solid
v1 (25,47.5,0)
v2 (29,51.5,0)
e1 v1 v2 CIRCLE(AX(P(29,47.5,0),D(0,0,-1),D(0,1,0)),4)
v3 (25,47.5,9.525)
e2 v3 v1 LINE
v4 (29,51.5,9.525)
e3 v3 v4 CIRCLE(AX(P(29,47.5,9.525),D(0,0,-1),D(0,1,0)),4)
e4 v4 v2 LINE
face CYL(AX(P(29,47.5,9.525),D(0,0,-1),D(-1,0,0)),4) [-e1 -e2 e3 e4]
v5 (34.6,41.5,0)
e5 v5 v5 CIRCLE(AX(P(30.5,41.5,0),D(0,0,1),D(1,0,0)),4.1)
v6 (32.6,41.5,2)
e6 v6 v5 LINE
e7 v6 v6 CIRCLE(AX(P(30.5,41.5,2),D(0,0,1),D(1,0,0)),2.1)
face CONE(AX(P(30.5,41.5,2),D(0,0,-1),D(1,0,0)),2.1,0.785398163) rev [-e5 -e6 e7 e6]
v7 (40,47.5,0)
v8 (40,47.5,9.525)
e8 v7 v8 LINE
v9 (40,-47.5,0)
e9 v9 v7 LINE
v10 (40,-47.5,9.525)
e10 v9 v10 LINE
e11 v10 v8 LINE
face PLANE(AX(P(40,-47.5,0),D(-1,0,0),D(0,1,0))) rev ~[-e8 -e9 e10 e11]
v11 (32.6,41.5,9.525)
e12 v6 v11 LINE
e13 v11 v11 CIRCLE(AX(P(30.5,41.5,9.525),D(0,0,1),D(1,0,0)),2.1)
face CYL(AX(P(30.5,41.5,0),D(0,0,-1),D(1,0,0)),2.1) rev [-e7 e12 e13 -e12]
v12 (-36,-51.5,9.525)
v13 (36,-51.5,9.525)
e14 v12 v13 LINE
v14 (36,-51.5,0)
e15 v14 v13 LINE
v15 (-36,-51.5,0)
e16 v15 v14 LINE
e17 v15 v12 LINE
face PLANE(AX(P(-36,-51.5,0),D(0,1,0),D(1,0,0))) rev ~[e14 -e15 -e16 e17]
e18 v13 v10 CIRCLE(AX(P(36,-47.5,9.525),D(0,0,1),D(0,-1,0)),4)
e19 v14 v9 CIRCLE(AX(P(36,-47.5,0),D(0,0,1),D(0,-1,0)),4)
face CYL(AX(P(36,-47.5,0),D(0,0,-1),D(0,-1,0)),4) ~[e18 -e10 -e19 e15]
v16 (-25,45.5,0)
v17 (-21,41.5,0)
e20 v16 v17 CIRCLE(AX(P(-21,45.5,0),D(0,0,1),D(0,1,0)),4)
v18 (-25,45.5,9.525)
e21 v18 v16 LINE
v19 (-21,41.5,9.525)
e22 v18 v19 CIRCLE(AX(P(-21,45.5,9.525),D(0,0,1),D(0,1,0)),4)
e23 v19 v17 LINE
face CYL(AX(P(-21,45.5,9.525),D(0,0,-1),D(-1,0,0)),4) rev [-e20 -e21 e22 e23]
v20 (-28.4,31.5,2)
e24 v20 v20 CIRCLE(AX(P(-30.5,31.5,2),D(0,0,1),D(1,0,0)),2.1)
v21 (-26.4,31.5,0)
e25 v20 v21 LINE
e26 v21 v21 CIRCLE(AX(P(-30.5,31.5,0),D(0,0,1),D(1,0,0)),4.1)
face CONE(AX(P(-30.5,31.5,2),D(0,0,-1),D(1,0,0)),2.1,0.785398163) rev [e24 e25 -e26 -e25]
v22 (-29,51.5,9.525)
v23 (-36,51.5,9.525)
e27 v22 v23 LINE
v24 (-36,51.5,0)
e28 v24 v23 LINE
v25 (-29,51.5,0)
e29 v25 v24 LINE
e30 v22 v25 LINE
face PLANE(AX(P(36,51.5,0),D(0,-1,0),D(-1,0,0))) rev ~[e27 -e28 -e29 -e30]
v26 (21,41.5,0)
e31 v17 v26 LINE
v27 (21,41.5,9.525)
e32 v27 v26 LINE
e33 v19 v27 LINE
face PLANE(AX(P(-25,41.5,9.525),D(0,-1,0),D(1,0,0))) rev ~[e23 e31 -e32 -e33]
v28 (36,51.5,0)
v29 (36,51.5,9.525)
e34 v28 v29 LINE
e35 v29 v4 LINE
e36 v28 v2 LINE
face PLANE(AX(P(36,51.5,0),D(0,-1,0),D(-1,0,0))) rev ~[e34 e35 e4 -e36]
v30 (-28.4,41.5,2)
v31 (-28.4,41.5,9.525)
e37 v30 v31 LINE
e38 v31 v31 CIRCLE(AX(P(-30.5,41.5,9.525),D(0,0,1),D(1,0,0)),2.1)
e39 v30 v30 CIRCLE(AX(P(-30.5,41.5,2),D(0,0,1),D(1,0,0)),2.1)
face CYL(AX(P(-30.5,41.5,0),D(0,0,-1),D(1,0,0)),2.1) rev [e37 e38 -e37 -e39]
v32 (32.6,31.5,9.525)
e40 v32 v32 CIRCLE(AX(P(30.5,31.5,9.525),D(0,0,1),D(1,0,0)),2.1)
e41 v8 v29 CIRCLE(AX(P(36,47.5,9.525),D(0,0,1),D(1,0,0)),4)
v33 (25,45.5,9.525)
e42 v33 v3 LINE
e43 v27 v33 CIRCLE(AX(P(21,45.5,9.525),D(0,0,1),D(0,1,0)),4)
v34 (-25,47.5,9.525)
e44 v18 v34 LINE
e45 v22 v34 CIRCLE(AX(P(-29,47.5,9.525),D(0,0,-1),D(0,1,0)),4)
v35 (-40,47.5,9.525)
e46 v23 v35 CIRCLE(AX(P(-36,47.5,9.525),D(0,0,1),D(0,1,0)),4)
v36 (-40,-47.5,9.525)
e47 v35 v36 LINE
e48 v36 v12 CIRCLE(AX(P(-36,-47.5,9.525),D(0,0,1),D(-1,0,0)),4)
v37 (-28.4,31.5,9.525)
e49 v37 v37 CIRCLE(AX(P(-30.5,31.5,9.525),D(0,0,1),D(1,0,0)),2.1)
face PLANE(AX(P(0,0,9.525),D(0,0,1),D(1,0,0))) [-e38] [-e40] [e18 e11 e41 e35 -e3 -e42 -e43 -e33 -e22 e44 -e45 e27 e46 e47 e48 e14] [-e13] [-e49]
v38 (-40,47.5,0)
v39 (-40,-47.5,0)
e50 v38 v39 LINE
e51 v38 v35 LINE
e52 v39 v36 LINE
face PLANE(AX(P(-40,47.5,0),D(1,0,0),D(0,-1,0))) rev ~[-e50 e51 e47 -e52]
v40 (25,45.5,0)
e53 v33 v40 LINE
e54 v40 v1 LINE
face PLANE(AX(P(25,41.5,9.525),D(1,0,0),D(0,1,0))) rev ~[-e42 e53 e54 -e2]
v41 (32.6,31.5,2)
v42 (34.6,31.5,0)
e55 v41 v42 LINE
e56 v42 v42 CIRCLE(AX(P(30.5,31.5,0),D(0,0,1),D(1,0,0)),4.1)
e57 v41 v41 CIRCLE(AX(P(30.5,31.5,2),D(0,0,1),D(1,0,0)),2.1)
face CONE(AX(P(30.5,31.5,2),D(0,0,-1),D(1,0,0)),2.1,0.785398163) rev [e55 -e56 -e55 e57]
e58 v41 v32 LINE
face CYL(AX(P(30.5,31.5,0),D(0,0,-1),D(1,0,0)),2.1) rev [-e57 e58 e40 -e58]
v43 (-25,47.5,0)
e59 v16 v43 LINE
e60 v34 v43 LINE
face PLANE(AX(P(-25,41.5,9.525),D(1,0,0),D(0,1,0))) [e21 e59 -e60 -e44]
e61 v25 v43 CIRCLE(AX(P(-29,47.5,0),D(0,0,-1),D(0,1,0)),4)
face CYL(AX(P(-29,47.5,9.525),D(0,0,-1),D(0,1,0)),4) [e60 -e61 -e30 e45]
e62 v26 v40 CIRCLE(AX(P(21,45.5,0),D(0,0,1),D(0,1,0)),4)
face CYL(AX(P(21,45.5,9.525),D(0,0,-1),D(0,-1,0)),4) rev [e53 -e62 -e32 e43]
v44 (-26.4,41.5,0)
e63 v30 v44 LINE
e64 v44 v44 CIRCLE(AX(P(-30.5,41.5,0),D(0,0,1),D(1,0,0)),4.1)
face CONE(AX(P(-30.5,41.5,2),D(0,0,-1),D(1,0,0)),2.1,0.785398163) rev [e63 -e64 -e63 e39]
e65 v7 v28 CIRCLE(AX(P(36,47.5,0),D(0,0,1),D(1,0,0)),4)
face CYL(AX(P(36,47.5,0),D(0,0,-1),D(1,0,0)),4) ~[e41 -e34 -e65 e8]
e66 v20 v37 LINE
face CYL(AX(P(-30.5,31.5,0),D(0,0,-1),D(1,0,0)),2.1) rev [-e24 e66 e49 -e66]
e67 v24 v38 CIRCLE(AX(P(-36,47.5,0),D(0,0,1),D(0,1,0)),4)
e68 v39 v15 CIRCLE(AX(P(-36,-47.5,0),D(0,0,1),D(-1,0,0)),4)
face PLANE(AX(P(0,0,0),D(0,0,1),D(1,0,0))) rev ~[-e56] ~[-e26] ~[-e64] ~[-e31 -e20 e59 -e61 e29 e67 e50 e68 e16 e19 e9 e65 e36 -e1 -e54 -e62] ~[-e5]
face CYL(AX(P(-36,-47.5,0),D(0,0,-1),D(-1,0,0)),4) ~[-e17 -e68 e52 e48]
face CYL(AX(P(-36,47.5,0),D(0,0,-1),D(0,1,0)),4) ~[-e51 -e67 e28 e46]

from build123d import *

# Parameters (mm, degrees)
F0_R     = 2.1
F1_DEPTH = 9.525
F2_SIZE2 = 2
F2_SIZE  = 2
F3_W     = 50
F3_H     = 10
F4_DEPTH = 25
F5_R     = 4
F6_R     = 4


with BuildPart() as f1:
    # F0 (on Top) → F1 (new body)
    with BuildSketch(Plane.XY):
        with BuildLine():
            ThreePointArc((40, 47.5), (38.8284271247, 50.3284271247), (36, 51.5))
            Line((36, 51.5), (-36, 51.5))
            ThreePointArc((-36, 51.5), (-38.8284271247, 50.3284271247), (-40, 47.5))
            Line((-40, 47.5), (-40, -47.5))
            ThreePointArc((-40, -47.5), (-38.8284271247, -50.3284271247), (-36, -51.5))
            Line((-36, -51.5), (36, -51.5))
            ThreePointArc((36, -51.5), (38.8284271247, -50.3284271247), (40, -47.5))
            Line((40, -47.5), (40, 47.5))
        make_face()
        with Locations((-30.5, 31.5)):
            Circle(F0_R, mode=Mode.SUBTRACT)
        with Locations((-30.5, 41.5)):
            Circle(F0_R, mode=Mode.SUBTRACT)
        with Locations((30.5, 31.5)):
            Circle(F0_R, mode=Mode.SUBTRACT)
        with Locations((30.5, 41.5)):
            Circle(F0_R, mode=Mode.SUBTRACT)
    extrude(amount=F1_DEPTH)

    # F2
    f2_edges = [f1.edges().sort_by_distance(p)[0] for p in [
        (28.4, 41.5, 0),
        (28.4, 31.5, 0),
        (-32.6, 31.5, 0),
        (-32.6, 41.5, 0),
    ]]
    chamfer(f2_edges, length=F2_SIZE, length2=F2_SIZE2)

    # F3 (on face) → F4 (cut)
    with BuildSketch(Plane.XY.offset(9.525)):
        with Locations((0, 46.5)):
            Rectangle(F3_W, F3_H)
    extrude(amount=-F4_DEPTH, mode=Mode.SUBTRACT)

    # F5
    f5_edges = [f1.edges().sort_by_distance(p)[0] for p in [
        (-25, 51.5, 4.7625),
        (25, 51.5, 4.7625),
    ]]
    fillet(f5_edges, radius=F5_R)

    # F6
    f6_edges = [f1.edges().sort_by_distance(p)[0] for p in [
        (25, 41.5, 4.7625),
        (-25, 41.5, 4.7625),
    ]]
    fillet(f6_edges, radius=F6_R)


solid = f1.part
